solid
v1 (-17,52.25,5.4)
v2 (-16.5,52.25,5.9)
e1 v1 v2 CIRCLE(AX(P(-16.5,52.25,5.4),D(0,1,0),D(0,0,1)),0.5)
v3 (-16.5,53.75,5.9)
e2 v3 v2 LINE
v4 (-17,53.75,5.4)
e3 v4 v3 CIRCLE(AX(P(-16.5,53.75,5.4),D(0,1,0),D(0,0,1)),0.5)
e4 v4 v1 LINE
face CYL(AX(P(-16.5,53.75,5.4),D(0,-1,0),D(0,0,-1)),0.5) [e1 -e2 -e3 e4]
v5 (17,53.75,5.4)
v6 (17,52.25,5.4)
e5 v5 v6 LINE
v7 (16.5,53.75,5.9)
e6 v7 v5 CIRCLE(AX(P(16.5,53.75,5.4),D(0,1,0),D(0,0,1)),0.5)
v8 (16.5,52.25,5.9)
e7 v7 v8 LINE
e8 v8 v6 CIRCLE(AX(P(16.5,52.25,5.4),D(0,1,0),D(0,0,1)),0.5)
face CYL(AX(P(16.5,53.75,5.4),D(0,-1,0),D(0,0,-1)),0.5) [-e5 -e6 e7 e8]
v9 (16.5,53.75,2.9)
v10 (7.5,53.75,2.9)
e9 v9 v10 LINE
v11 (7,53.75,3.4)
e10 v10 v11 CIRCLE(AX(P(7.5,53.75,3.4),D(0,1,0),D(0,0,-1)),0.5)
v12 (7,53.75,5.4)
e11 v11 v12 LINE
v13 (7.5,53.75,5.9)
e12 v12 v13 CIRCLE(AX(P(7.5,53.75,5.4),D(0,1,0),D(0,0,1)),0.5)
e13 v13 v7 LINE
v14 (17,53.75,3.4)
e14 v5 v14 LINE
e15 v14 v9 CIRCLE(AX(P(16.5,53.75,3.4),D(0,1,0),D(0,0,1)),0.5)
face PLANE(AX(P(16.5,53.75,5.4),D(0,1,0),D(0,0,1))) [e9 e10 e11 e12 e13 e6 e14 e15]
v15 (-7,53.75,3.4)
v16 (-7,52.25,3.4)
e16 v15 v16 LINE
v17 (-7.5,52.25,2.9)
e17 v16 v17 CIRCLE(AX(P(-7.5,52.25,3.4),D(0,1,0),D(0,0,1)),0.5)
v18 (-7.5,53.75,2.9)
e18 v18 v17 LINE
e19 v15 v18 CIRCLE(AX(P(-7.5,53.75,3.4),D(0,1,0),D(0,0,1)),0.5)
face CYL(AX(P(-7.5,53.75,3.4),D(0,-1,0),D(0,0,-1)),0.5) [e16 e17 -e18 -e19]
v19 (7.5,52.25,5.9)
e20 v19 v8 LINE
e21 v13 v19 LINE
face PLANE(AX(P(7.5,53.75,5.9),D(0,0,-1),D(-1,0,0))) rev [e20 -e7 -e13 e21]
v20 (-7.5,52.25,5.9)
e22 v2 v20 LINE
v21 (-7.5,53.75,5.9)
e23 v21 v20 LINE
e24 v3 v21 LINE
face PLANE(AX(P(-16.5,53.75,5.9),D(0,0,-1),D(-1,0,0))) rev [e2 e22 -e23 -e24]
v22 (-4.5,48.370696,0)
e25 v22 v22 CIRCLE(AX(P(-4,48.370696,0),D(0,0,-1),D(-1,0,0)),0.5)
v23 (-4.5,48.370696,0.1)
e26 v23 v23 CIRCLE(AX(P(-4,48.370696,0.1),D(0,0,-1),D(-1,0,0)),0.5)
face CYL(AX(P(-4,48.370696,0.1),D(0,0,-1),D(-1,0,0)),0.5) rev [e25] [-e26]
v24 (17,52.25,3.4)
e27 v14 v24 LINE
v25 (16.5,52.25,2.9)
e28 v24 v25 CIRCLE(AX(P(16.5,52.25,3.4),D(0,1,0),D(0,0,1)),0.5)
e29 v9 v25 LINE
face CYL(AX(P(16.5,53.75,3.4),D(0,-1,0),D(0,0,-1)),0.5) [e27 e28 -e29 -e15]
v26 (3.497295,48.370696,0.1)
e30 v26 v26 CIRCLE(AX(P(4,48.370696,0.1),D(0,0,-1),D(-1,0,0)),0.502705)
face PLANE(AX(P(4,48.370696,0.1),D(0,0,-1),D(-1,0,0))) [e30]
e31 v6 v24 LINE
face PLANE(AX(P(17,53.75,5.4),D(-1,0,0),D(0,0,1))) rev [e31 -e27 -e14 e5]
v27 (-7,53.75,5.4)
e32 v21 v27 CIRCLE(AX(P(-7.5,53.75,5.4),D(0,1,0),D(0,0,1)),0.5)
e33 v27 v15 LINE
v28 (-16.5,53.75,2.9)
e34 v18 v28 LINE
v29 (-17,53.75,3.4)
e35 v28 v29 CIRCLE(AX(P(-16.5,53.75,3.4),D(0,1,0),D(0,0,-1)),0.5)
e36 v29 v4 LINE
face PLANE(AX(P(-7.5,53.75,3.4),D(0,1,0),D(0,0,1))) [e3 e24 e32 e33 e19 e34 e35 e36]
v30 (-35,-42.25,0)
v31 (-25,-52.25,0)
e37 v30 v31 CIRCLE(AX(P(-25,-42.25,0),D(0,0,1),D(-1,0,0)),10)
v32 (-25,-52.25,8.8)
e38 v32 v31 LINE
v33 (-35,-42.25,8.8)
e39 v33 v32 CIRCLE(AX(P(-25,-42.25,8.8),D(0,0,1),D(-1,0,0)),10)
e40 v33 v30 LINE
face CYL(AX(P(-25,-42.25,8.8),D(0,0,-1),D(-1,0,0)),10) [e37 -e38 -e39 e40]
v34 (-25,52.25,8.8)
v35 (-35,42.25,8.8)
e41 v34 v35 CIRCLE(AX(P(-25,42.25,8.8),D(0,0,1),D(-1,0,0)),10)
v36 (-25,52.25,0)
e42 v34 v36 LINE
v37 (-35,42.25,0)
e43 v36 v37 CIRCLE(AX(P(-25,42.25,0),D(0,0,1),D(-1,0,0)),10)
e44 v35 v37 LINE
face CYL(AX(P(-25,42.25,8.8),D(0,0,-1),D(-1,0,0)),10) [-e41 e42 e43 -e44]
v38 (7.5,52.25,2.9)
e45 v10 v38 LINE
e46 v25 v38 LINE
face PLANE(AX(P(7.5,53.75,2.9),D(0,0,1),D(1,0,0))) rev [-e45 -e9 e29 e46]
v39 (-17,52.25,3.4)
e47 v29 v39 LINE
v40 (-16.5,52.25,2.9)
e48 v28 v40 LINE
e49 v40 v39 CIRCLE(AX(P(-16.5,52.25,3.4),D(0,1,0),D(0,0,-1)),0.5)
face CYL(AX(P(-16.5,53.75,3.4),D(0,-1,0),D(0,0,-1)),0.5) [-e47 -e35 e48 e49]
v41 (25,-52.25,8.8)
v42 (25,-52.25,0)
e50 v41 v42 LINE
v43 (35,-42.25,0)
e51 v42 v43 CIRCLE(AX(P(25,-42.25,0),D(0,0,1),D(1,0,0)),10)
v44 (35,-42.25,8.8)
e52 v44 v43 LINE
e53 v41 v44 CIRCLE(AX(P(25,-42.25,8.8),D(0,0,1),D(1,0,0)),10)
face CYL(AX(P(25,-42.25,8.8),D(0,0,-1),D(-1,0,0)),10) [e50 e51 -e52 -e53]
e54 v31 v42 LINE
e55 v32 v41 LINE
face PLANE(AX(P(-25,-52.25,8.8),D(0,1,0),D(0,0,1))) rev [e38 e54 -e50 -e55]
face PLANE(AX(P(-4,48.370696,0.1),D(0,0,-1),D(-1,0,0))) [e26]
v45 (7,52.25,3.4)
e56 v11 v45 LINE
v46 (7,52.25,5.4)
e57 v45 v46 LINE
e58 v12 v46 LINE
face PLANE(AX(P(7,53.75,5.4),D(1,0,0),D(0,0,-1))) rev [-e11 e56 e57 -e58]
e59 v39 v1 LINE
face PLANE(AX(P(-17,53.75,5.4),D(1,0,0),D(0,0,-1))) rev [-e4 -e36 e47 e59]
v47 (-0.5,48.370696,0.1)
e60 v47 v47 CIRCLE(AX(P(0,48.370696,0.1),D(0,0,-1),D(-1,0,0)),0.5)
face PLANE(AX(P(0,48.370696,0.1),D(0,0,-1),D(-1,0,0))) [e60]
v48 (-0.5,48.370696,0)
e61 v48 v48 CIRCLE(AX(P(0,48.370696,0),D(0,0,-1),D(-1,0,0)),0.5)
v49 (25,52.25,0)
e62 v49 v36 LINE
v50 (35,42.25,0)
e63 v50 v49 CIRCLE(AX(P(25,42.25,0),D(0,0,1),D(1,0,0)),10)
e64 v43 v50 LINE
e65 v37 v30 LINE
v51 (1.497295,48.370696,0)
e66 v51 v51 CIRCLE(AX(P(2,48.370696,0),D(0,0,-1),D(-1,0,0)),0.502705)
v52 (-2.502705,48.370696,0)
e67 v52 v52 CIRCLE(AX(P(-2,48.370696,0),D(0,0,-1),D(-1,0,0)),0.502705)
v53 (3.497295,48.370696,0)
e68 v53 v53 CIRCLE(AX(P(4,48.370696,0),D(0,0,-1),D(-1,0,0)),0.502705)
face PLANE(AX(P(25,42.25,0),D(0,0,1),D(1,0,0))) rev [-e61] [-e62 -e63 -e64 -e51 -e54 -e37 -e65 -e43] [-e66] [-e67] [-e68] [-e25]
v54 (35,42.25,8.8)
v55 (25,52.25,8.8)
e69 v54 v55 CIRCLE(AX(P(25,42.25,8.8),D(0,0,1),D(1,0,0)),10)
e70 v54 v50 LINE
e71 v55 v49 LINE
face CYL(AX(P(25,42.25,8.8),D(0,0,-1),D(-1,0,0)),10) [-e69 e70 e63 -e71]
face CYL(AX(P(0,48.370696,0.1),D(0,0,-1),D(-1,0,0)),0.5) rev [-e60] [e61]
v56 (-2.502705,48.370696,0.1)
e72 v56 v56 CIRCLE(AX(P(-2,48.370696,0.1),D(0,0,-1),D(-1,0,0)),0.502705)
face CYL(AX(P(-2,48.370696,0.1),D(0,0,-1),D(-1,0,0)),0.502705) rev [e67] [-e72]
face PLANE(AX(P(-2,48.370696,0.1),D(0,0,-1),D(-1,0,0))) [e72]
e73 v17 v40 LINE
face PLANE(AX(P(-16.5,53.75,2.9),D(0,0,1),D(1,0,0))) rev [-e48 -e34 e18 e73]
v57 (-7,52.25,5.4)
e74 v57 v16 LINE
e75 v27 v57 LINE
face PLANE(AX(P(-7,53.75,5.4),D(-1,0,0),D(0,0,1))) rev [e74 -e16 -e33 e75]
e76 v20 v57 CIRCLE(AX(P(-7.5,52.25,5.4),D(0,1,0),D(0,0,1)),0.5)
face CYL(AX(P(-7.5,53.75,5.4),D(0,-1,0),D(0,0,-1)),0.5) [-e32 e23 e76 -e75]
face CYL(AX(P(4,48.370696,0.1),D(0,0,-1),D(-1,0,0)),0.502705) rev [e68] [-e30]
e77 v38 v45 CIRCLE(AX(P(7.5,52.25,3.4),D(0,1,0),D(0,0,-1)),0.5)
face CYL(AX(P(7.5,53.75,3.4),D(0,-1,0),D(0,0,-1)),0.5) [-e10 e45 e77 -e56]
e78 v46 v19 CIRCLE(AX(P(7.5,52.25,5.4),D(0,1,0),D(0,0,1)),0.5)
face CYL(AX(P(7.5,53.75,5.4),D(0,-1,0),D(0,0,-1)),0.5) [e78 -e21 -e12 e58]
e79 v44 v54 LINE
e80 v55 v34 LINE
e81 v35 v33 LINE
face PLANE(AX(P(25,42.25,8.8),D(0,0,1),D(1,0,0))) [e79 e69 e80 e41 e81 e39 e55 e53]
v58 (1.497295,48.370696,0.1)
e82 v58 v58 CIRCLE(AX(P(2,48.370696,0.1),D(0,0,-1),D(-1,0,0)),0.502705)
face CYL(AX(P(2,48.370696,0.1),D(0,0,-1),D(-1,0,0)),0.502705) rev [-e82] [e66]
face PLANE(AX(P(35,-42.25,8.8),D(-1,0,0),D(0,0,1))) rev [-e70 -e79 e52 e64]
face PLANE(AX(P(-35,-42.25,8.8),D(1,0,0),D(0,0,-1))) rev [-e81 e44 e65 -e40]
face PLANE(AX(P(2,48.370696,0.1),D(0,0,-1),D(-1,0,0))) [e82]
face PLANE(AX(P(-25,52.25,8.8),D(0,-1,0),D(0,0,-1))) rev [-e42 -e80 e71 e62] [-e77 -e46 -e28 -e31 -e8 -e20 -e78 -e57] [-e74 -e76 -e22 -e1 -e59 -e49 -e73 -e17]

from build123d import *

# Parameters (mm, degrees)
EXTRUDE_1_DEPTH     = 8.8
EXTRUDE_2_DEPTH     = 1.5
SKETCH_3_R          = 0.5
SKETCH_3_R_2        = 0.502704905
CUT_EXTRUDE_1_DEPTH = 0.1


with BuildPart() as part:
    # 草圖1 → 填料-伸長1 (new body)
    with BuildSketch(Plane.XY):
        with BuildLine():
            Line((-25, -52.25), (25, -52.25))
            ThreePointArc((25, -52.25), (32.071067812, -49.321067812), (35, -42.25))
            Line((35, -42.25), (35, 42.25))
            ThreePointArc((35, 42.25), (32.071067812, 49.321067812), (25, 52.25))
            Line((25, 52.25), (-25, 52.25))
            ThreePointArc((-25, 52.25), (-32.071067812, 49.321067812), (-35, 42.25))
            Line((-35, 42.25), (-35, -42.25))
            ThreePointArc((-35, -42.25), (-32.071067812, -49.321067812), (-25, -52.25))
        make_face()
    extrude(amount=EXTRUDE_1_DEPTH)

    # 草圖2 → 填料-伸長2 (add)
    with BuildSketch(Plane(origin=(0, 52.25, 0), x_dir=(1, 0, 0), z_dir=(0, 1, 0))):
        with BuildLine():
            Line((-16.5, -5.9), (-7.5, -5.9))
            ThreePointArc((-7.5, -5.9), (-7.146446609, -5.753553391), (-7, -5.4))
            Line((-7, -5.4), (-7, -3.4))
            ThreePointArc((-7, -3.4), (-7.146446609, -3.046446609), (-7.5, -2.9))
            Line((-7.5, -2.9), (-16.5, -2.9))
            ThreePointArc((-16.5, -2.9), (-16.853553391, -3.046446609), (-17, -3.4))
            Line((-17, -3.4), (-17, -5.4))
            ThreePointArc((-17, -5.4), (-16.853553391, -5.753553391), (-16.5, -5.9))
        make_face()
        with BuildLine():
            Line((7.5, -5.9), (16.5, -5.9))
            ThreePointArc((16.5, -5.9), (16.853553391, -5.753553391), (17, -5.4))
            Line((17, -5.4), (17, -3.4))
            ThreePointArc((17, -3.4), (16.853553391, -3.046446609), (16.5, -2.9))
            Line((16.5, -2.9), (7.5, -2.9))
            ThreePointArc((7.5, -2.9), (7.146446609, -3.046446609), (7, -3.4))
            Line((7, -3.4), (7, -5.4))
            ThreePointArc((7, -5.4), (7.146446609, -5.753553391), (7.5, -5.9))
        make_face()
    extrude(amount=EXTRUDE_2_DEPTH)

    # 草圖3 → 除料-伸長1 (cut)
    with BuildSketch(Plane(origin=(0, 0, 0), x_dir=(-1, 0, 0), z_dir=(0, 0, -1))):
        with Locations((0, 48.370695597)):
            Circle(SKETCH_3_R)
        with Locations((-2, 48.370695597)):
            Circle(SKETCH_3_R_2)
        with Locations((4, 48.370695597)):
            Circle(SKETCH_3_R)
        with Locations((2, 48.370695597)):
            Circle(SKETCH_3_R_2)
        with Locations((-4, 48.370695597)):
            Circle(SKETCH_3_R_2)
    extrude(amount=-CUT_EXTRUDE_1_DEPTH, mode=Mode.SUBTRACT)


solid = part.part
